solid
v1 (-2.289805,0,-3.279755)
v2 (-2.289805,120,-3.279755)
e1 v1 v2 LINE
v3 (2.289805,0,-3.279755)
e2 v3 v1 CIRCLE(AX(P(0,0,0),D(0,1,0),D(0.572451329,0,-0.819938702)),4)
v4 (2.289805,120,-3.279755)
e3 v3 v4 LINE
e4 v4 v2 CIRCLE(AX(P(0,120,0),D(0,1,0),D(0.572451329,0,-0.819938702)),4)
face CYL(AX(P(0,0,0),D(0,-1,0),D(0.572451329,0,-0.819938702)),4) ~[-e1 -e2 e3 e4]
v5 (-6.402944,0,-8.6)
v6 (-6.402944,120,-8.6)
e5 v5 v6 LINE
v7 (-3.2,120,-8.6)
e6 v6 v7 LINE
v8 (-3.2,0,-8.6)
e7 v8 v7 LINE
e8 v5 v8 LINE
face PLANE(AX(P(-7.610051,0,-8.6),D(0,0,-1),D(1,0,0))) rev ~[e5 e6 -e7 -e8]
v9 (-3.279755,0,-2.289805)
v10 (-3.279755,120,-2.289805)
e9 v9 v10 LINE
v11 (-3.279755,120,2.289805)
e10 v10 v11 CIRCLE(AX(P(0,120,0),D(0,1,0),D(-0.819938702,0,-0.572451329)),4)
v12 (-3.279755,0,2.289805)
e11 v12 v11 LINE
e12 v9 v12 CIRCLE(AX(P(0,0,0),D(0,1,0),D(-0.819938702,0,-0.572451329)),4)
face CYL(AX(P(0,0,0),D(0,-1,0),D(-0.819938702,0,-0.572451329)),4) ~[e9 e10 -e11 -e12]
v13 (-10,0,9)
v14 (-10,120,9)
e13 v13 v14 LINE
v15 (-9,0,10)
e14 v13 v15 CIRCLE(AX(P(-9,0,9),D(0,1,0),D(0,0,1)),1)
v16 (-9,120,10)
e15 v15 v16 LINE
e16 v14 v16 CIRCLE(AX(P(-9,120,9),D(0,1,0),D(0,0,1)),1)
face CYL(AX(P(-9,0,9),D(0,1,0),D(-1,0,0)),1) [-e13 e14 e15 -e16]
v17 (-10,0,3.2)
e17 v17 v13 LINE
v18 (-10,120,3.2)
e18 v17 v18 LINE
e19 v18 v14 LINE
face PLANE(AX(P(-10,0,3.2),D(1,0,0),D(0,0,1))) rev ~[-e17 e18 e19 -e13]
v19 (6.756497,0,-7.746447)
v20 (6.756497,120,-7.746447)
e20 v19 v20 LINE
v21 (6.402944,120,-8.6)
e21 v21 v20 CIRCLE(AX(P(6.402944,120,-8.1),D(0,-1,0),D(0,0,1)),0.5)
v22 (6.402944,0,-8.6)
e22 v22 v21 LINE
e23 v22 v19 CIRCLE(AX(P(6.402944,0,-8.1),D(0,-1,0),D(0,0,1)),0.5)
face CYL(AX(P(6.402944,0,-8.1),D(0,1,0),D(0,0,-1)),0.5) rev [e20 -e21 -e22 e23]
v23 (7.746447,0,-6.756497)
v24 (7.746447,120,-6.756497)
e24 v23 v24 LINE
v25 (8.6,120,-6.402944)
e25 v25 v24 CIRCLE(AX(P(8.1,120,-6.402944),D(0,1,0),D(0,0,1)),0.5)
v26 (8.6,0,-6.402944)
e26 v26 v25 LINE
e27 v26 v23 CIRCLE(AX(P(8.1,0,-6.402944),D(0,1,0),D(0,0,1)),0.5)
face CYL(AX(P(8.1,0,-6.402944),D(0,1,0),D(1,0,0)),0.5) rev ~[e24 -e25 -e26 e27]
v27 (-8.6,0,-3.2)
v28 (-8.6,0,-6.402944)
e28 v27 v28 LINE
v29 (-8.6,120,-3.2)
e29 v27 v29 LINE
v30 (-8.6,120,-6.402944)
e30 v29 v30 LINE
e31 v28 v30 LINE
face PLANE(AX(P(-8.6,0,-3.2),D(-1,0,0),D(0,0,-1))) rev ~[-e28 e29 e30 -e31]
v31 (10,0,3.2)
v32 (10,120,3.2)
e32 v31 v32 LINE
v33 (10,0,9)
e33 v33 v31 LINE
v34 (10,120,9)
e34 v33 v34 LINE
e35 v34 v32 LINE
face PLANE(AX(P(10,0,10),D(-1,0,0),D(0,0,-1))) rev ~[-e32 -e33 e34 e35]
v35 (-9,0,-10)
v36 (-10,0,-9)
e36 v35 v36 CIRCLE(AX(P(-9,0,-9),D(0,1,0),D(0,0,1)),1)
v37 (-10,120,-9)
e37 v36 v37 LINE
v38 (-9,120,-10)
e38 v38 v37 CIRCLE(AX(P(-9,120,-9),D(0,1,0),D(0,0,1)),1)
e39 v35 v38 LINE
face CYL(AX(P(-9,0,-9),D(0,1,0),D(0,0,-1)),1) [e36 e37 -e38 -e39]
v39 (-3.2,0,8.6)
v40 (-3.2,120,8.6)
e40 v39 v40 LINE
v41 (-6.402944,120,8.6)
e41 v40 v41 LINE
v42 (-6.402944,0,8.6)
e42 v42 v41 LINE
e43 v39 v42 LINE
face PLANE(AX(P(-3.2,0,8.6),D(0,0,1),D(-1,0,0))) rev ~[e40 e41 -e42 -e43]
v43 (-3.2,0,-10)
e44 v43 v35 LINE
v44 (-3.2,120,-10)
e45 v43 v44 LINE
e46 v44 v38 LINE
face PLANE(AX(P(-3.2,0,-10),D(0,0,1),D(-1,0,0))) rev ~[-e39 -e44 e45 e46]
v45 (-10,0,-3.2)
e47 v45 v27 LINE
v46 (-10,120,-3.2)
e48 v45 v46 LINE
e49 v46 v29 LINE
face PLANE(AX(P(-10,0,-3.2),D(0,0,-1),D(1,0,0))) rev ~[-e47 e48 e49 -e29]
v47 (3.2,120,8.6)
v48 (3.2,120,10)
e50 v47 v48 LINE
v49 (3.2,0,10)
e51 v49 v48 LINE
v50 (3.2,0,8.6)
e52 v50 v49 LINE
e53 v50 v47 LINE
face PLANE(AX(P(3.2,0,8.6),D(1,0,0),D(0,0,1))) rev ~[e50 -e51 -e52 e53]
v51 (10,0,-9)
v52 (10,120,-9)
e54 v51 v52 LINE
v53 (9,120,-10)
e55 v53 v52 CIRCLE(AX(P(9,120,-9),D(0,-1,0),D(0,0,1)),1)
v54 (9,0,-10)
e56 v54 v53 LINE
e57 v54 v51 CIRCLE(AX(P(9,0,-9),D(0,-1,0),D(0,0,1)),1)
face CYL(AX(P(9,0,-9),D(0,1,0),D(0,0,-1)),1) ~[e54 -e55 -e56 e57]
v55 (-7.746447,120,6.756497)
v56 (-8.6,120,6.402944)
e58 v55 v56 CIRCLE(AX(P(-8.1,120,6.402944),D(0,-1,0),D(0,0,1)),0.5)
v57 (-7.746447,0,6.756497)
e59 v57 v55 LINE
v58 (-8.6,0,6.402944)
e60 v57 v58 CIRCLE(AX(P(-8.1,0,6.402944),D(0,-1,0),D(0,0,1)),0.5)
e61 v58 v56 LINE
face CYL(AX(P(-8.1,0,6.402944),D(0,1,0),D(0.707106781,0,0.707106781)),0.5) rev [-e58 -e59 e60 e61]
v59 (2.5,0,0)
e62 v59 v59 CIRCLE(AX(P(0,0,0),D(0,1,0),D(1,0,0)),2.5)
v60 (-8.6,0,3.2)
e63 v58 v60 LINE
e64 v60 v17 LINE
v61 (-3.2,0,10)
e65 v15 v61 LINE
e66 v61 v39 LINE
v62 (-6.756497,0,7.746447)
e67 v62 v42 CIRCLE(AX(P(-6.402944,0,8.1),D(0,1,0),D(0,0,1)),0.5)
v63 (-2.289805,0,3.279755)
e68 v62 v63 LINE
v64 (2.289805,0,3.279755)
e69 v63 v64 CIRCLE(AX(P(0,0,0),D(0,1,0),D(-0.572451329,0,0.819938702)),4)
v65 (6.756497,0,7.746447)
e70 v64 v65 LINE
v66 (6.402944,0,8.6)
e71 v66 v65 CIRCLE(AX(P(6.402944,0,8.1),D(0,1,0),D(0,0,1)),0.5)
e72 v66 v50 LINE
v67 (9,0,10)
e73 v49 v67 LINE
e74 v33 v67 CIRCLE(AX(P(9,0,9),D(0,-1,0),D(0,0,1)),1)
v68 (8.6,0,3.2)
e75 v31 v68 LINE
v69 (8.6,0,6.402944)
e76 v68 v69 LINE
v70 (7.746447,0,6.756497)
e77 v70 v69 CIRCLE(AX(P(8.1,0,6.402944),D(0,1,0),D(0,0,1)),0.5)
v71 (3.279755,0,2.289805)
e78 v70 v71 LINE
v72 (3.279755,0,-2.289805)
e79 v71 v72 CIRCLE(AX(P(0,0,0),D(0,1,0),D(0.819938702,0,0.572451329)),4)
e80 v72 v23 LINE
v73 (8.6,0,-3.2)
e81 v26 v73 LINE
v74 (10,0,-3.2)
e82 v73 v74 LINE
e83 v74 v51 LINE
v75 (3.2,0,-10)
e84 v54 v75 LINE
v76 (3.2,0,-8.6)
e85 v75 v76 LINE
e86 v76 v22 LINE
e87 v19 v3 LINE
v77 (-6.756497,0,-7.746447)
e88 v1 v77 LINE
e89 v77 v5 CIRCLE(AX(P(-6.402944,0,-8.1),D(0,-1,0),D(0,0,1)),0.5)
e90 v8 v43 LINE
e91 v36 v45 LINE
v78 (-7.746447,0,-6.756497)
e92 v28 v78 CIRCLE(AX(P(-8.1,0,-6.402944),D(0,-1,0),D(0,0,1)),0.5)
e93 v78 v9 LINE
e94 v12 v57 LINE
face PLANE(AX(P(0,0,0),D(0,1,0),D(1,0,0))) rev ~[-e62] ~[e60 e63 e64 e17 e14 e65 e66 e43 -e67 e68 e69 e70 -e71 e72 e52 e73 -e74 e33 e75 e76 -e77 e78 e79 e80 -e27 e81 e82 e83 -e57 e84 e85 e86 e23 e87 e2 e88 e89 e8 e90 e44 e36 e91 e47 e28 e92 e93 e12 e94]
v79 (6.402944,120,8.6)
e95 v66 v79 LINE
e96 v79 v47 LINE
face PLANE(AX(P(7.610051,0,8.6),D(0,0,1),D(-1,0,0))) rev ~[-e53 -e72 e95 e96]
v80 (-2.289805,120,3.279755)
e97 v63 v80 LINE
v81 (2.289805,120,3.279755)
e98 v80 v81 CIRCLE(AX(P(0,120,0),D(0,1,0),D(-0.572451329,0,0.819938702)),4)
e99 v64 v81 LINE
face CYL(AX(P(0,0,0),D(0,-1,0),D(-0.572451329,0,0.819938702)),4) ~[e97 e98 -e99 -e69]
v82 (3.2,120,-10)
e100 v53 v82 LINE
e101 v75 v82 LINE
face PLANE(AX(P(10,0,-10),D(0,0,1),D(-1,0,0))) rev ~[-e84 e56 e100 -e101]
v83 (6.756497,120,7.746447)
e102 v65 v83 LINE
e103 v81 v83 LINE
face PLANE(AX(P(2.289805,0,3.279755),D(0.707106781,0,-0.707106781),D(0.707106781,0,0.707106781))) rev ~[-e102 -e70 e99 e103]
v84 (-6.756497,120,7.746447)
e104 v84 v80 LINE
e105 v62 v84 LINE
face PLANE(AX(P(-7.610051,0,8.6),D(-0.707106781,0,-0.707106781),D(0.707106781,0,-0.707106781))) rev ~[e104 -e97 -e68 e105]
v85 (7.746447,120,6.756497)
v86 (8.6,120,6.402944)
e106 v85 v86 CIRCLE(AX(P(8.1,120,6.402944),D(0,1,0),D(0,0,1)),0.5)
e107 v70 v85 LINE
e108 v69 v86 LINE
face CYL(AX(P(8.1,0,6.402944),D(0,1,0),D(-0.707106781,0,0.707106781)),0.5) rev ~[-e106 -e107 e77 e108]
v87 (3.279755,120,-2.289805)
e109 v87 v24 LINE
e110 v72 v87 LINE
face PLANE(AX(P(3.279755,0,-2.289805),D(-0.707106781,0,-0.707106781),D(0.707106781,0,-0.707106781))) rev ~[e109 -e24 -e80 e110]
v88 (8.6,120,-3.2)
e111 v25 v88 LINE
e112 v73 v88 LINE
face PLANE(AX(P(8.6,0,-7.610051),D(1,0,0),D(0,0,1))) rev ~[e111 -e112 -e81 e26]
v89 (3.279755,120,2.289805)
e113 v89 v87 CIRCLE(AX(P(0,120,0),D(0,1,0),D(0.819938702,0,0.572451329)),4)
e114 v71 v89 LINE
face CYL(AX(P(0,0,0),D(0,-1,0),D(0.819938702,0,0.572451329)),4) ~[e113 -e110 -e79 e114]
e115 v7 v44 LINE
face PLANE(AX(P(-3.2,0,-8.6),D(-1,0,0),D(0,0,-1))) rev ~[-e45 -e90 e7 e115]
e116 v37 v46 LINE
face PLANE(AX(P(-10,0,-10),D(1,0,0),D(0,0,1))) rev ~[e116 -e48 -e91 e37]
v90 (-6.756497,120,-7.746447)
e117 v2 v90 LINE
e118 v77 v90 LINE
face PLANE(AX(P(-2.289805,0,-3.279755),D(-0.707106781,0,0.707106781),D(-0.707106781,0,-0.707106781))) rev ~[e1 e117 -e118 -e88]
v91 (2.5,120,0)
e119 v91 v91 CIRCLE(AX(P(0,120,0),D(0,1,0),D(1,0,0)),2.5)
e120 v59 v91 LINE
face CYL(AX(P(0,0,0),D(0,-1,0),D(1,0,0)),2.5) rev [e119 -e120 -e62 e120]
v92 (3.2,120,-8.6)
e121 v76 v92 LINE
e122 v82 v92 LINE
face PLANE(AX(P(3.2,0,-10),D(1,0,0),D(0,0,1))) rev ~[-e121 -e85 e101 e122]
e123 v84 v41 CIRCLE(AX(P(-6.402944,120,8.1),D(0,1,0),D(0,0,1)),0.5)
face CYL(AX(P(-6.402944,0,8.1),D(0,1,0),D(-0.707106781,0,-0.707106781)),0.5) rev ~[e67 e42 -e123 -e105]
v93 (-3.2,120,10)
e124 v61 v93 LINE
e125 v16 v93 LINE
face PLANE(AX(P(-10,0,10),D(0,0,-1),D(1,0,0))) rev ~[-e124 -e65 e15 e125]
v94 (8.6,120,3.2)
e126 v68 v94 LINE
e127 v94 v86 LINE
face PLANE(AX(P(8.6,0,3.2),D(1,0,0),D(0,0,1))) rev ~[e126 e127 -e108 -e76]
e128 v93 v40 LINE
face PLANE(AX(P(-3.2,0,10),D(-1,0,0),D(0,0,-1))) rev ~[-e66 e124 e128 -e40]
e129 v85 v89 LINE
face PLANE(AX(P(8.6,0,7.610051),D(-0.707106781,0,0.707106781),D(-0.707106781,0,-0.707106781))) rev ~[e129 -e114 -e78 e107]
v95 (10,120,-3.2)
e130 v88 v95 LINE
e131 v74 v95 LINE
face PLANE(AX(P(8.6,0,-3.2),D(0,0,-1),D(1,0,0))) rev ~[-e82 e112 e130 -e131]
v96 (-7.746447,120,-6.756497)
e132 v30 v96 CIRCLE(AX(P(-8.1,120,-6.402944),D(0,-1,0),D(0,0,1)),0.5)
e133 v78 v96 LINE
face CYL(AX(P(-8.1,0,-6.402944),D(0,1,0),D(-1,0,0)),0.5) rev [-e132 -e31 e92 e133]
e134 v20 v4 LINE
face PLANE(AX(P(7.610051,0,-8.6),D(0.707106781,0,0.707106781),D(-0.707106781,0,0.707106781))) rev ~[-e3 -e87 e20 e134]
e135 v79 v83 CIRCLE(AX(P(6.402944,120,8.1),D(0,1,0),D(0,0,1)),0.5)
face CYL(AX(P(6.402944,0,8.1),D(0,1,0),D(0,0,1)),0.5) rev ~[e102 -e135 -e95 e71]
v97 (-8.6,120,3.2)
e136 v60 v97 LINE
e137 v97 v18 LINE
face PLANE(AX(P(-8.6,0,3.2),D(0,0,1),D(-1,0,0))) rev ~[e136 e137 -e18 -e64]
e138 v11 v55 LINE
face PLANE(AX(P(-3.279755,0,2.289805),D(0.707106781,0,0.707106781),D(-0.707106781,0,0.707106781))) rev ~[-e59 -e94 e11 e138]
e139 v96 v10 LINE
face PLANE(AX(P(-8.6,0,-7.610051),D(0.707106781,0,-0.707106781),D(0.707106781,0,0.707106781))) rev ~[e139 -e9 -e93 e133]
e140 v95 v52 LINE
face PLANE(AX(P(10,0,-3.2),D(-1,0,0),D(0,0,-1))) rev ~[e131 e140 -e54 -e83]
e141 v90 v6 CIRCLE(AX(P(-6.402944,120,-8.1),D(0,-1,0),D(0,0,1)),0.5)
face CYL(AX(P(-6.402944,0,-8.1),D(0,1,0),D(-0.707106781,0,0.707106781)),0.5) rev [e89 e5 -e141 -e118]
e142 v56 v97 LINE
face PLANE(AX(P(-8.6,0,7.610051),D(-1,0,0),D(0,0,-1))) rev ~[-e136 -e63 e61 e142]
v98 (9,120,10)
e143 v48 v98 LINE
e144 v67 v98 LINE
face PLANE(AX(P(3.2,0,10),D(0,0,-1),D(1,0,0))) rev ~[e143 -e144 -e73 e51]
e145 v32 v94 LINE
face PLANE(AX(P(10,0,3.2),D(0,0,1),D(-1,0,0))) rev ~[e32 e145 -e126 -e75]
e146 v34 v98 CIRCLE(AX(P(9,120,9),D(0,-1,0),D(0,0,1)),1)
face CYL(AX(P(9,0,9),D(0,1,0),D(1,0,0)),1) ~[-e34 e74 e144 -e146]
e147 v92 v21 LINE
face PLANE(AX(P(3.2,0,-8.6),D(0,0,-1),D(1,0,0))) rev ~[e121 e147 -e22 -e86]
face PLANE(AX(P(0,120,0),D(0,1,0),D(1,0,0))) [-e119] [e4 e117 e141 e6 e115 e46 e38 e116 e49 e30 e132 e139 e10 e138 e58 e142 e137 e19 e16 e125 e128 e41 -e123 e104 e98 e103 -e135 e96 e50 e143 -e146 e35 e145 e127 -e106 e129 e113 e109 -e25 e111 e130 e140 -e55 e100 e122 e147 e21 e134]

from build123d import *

# Parameters (mm, degrees)
SKETCH1_R           = 2.5
BOSS_EXTRUDE1_DEPTH = 120
FILLET1_R           = 0.5
FILLET2_R           = 1


with BuildPart() as part:
    # Sketch1 → Boss-Extrude1 (new body)
    with BuildSketch(Plane(origin=(0, 0, 0), x_dir=(1, 0, 0), z_dir=(0, 1, 0))):
        with BuildLine():
            Line((3.2, 10), (3.2, 8.6))
            Line((3.2, 8.6), (7.610050506, 8.6))
            Line((7.610050506, 8.6), (2.289805316, 3.27975481))
            ThreePointArc((2.289805316, 3.27975481), (0, 4), (-2.289805316, 3.27975481))
            Line((-2.289805316, 3.27975481), (-7.610050506, 8.6))
            Line((-7.610050506, 8.6), (-3.2, 8.6))
            Line((-3.2, 8.6), (-3.2, 10))
            Line((-3.2, 10), (-10, 10))
            Line((-10, 10), (-10, 3.2))
            Line((-10, 3.2), (-8.6, 3.2))
            Line((-8.6, 3.2), (-8.6, 7.610050506))
            Line((-8.6, 7.610050506), (-3.27975481, 2.289805316))
            ThreePointArc((-3.27975481, 2.289805316), (-4, 0), (-3.27975481, -2.289805316))
            Line((-3.27975481, -2.289805316), (-8.6, -7.610050506))
            Line((-8.6, -7.610050506), (-8.6, -3.2))
            Line((-8.6, -3.2), (-10, -3.2))
            Line((-10, -3.2), (-10, -10))
            Line((-10, -10), (-3.2, -10))
            Line((-3.2, -10), (-3.2, -8.6))
            Line((-3.2, -8.6), (-7.610050506, -8.6))
            Line((-7.610050506, -8.6), (-2.289805316, -3.27975481))
            ThreePointArc((-2.289805316, -3.27975481), (0, -4), (2.289805316, -3.27975481))
            Line((2.289805316, -3.27975481), (7.610050506, -8.6))
            Line((7.610050506, -8.6), (3.2, -8.6))
            Line((3.2, -8.6), (3.2, -10))
            Line((3.2, -10), (10, -10))
            Line((10, -10), (10, -3.2))
            Line((10, -3.2), (8.6, -3.2))
            Line((8.6, -3.2), (8.6, -7.610050506))
            Line((8.6, -7.610050506), (3.27975481, -2.289805316))
            ThreePointArc((3.27975481, -2.289805316), (4, 0), (3.27975481, 2.289805316))
            Line((3.27975481, 2.289805316), (8.6, 7.610050506))
            Line((8.6, 7.610050506), (8.6, 3.2))
            Line((8.6, 3.2), (10, 3.2))
            Line((10, 3.2), (10, 10))
            Line((10, 10), (3.2, 10))
        make_face()
        Circle(SKETCH1_R, mode=Mode.SUBTRACT)
    extrude(amount=BOSS_EXTRUDE1_DEPTH)

    # Fillet1
    fillet1_edges = [part.edges().sort_by_distance(p)[0] for p in [
        (8.6, 60, -7.610050506),
        (8.6, 60, 7.610050506),
        (7.610050506, 60, 8.6),
        (-7.610050506, 60, 8.6),
        (-8.6, 60, 7.610050506),
        (-8.6, 60, -7.610050506),
        (-7.610050506, 60, -8.6),
        (7.610050506, 60, -8.6),
    ]]
    fillet(fillet1_edges, radius=FILLET1_R)

    # Fillet2
    fillet2_edges = [part.edges().sort_by_distance(p)[0] for p in [
        (10, 60, 10),
        (-10, 60, 10),
        (-10, 60, -10),
        (10, 60, -10),
    ]]
    fillet(fillet2_edges, radius=FILLET2_R)


solid = part.part
